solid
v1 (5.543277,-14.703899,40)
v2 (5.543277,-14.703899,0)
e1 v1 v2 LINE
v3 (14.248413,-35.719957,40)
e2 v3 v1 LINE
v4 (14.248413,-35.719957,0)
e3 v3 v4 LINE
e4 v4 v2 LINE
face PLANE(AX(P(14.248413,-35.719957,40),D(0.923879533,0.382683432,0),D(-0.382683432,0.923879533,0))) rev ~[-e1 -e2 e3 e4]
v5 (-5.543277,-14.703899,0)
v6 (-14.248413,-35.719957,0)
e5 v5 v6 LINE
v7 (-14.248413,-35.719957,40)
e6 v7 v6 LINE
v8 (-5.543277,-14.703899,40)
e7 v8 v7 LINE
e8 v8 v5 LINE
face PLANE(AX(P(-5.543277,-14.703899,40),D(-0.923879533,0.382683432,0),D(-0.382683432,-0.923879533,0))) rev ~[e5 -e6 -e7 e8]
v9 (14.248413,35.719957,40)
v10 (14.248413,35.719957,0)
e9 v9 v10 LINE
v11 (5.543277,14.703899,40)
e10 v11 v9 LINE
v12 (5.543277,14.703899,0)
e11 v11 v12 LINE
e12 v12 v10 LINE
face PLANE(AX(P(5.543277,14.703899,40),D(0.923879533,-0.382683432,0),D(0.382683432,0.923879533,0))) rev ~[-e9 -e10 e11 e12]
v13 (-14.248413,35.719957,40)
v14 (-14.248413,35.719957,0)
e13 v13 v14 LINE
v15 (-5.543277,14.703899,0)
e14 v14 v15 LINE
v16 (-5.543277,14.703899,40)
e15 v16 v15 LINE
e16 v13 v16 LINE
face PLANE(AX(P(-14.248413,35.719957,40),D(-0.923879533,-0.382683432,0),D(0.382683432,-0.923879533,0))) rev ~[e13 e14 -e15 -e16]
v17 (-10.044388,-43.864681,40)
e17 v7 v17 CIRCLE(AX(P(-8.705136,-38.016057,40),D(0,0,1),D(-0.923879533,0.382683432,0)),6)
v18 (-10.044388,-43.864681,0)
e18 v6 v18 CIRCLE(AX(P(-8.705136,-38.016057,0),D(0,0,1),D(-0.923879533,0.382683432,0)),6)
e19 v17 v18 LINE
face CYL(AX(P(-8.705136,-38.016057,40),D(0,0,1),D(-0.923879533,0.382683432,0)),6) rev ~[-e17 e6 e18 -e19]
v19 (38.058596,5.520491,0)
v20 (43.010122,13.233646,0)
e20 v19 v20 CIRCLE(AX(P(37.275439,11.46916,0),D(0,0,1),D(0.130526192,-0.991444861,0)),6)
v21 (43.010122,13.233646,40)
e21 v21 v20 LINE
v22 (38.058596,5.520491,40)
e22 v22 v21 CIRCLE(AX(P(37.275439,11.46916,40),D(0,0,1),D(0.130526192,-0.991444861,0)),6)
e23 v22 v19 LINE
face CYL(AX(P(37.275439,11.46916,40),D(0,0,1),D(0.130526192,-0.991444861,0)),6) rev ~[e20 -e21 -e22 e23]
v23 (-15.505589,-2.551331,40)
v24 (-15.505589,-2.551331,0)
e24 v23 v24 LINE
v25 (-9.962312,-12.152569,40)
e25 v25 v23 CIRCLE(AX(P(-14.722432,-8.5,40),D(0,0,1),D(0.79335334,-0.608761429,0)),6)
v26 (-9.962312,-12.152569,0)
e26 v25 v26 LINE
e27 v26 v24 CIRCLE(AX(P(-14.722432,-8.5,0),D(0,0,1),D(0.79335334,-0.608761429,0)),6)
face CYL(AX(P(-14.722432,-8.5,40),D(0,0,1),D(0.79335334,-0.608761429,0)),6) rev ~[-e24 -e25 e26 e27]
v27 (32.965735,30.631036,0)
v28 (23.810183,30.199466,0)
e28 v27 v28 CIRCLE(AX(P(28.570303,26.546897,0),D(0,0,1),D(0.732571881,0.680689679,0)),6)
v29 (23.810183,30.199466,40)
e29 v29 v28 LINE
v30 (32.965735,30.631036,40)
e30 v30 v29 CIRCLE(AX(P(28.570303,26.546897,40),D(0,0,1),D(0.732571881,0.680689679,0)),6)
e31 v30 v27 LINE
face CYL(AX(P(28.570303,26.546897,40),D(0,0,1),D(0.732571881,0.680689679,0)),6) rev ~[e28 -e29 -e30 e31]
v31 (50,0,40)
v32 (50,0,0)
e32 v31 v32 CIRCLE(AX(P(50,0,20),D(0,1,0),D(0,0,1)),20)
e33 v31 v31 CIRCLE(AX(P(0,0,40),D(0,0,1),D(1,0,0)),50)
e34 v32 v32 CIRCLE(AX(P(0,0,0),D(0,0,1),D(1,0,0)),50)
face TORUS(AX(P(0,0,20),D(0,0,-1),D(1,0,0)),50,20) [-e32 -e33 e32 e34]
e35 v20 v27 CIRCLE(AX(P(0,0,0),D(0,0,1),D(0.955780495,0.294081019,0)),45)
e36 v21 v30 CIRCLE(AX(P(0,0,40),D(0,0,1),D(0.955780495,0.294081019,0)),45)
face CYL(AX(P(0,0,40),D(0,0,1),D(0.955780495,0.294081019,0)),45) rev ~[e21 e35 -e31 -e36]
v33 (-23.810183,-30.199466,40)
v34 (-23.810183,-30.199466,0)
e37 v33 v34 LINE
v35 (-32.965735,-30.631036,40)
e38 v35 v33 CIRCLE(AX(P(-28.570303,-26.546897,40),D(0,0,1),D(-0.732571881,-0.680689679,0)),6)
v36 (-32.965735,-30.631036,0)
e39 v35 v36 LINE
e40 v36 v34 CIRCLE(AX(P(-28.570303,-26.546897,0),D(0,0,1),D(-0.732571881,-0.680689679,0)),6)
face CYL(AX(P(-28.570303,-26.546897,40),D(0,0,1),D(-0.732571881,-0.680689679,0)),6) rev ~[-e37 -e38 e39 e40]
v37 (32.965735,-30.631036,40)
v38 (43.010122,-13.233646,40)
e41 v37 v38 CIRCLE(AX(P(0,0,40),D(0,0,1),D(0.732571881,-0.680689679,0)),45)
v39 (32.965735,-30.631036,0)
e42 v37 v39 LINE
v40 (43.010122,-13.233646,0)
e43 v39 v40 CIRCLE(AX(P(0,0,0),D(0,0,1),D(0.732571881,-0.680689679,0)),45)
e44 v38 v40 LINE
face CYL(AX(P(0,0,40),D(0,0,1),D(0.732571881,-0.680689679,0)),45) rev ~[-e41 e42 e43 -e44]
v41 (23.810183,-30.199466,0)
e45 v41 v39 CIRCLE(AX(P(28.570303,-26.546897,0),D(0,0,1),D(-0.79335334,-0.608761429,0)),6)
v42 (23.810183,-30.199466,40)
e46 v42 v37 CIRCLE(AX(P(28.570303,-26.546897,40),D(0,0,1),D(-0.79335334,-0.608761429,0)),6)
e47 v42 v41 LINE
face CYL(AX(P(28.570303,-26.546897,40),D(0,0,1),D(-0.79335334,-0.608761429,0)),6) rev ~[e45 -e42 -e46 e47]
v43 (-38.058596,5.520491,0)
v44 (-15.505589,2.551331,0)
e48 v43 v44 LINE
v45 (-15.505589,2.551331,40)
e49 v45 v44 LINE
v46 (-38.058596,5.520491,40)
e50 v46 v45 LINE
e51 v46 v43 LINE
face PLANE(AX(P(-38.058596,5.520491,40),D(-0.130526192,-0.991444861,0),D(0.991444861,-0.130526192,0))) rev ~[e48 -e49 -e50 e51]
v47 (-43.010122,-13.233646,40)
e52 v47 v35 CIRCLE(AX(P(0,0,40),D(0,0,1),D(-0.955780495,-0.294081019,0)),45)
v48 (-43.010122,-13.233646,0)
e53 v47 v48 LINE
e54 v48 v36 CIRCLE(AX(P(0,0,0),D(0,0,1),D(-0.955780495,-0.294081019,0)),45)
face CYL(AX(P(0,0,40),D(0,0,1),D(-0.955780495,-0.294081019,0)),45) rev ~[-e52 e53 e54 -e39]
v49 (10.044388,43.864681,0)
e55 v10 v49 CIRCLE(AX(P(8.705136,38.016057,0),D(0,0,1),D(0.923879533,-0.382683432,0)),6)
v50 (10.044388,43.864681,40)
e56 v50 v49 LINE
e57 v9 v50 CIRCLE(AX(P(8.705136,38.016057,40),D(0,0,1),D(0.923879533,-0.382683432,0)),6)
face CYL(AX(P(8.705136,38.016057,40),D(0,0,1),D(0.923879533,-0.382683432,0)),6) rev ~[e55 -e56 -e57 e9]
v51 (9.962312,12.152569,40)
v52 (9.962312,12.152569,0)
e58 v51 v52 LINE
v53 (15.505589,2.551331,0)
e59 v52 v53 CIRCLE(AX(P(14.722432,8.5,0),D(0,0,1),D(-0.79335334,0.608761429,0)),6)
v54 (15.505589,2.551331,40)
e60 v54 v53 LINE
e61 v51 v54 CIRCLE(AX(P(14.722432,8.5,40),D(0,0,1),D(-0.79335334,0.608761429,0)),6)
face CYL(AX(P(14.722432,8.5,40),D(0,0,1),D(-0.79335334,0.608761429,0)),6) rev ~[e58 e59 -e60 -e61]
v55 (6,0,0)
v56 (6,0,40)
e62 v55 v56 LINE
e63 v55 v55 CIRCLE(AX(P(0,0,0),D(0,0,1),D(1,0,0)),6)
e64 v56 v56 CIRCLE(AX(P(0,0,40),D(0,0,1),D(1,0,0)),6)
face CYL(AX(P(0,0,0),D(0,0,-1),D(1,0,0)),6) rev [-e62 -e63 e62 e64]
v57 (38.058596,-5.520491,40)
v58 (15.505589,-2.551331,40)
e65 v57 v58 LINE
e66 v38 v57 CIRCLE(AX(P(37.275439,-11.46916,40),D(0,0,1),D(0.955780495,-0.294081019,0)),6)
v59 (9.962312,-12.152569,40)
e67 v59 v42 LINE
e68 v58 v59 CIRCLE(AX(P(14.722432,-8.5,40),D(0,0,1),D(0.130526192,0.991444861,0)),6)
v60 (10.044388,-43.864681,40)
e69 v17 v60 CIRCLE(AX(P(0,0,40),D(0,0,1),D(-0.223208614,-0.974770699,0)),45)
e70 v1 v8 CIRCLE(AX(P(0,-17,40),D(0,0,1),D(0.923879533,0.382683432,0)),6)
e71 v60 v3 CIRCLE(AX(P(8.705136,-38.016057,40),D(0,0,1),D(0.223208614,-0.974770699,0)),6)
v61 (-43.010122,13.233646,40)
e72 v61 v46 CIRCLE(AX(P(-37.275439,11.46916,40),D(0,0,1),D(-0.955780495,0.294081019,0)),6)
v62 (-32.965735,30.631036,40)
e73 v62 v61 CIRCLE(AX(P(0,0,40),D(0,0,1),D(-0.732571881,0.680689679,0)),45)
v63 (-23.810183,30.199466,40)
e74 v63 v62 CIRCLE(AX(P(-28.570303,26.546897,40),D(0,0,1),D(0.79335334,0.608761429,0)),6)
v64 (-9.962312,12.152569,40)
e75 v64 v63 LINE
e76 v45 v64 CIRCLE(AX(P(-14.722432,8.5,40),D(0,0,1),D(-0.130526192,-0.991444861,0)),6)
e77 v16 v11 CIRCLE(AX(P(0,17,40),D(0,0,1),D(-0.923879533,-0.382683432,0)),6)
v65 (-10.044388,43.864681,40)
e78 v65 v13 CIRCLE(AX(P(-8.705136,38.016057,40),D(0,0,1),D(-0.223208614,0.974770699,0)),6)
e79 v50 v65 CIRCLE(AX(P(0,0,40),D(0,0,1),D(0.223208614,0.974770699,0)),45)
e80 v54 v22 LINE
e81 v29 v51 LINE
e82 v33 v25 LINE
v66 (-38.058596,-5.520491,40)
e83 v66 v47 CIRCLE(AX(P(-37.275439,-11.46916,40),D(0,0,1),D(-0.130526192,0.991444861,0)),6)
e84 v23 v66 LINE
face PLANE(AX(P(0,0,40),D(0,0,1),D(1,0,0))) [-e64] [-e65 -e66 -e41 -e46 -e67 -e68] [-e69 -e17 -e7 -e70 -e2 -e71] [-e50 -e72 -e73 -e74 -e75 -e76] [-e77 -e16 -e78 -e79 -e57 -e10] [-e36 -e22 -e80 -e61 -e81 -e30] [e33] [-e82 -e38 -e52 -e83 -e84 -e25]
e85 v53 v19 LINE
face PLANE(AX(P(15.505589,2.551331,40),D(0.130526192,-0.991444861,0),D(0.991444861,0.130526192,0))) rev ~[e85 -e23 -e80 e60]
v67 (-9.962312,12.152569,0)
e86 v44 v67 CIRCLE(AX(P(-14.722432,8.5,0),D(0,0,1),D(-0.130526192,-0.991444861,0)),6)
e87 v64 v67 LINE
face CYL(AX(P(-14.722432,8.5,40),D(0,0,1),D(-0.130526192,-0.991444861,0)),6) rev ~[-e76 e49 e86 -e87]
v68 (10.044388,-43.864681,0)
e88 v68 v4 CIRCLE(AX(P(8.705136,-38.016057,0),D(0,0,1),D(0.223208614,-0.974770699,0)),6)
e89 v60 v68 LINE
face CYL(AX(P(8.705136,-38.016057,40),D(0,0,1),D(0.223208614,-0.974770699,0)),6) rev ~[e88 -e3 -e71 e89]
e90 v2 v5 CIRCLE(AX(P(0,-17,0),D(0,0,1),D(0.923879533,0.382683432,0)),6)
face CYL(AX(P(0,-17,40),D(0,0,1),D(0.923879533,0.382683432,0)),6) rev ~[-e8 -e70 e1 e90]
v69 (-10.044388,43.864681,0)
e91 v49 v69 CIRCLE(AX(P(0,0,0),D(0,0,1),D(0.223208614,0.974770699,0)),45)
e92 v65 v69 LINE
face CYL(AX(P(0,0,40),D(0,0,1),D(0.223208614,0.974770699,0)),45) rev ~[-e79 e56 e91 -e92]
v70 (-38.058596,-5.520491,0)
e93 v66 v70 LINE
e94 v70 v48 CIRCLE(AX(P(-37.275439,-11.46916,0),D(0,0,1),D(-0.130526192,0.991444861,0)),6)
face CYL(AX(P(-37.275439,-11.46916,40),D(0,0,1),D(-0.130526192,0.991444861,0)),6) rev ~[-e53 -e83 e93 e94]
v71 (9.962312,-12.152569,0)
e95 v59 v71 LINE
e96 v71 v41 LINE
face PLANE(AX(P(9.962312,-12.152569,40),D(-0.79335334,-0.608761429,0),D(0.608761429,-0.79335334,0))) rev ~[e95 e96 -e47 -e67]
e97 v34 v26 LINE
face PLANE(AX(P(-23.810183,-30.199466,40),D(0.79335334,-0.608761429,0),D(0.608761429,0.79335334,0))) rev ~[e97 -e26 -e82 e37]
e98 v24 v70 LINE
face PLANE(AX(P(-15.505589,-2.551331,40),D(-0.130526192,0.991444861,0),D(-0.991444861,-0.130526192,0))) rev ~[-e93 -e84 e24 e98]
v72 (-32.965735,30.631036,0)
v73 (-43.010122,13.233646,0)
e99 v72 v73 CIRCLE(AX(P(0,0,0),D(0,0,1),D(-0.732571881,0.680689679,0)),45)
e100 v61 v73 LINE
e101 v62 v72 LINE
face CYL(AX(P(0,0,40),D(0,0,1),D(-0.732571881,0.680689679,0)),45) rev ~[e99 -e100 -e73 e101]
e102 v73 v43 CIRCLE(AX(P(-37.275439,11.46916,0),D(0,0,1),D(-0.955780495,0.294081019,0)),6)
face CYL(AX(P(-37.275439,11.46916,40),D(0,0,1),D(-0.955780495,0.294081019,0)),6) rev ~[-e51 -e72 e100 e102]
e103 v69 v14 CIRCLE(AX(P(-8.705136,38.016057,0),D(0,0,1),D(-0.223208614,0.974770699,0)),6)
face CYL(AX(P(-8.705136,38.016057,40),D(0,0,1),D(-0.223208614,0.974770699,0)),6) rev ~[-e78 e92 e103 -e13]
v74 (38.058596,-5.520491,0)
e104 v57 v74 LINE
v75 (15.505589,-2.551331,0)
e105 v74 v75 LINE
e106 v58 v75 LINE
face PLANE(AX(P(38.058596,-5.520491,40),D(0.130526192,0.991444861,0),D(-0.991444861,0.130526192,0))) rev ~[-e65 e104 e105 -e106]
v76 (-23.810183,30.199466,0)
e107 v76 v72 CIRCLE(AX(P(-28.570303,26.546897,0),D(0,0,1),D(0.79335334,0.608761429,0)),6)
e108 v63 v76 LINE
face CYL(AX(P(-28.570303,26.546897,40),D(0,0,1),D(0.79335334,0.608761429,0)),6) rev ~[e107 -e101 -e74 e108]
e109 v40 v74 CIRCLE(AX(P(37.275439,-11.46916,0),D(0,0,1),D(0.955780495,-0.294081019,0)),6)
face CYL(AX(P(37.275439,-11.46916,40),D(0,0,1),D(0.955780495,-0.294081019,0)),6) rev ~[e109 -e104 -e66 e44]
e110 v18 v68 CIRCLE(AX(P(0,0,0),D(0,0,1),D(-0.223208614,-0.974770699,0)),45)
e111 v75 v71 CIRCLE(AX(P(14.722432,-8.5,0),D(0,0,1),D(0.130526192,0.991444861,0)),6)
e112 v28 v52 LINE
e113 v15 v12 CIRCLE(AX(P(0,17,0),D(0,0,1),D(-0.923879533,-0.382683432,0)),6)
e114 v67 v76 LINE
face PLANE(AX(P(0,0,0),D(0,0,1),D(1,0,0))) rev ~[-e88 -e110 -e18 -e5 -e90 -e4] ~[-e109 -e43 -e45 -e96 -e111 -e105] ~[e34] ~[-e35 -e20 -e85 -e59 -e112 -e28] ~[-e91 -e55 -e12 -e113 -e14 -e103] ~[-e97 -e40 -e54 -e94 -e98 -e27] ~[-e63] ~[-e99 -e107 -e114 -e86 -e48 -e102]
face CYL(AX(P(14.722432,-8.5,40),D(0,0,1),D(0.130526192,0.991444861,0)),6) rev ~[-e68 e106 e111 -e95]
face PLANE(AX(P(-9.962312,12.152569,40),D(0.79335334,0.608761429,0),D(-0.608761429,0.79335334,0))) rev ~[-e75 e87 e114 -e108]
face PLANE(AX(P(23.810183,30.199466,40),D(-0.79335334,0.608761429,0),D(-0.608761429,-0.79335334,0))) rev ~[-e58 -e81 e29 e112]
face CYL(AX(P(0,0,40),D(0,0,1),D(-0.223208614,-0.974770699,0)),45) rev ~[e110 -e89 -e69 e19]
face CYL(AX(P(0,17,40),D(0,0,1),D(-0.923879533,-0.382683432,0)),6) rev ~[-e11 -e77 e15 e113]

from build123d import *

# Parameters (mm, degrees)
SKETCH2_R           = 50
SKETCH2_R_2         = 6
BOSS_EXTRUDE1_DEPTH = 40
CUT_EXTRUDE1_DEPTH  = 82.240384046
CIRPATTERN1_COUNT   = 6


with BuildPart() as part:
    # Sketch2 → Boss-Extrude1 (new body)
    with BuildSketch(Plane.XY):
        Circle(SKETCH2_R)
        Circle(SKETCH2_R_2, mode=Mode.SUBTRACT)
    extrude(amount=BOSS_EXTRUDE1_DEPTH)

    # Sketch1 → Cut-Extrude1 (cut, through all)
    with BuildSketch(Plane.XY.offset(40)):
        with BuildLine():
            Line((-5.543277195, -14.703899406), (-14.248413133, -35.719956649))
            ThreePointArc((-14.248413133, -35.719956649), (-14.036780749, -40.768068072), (-10.04438762, -43.864681434))
            ThreePointArc((-10.04438762, -43.864681434), (0, -45), (10.04438762, -43.864681434))
            ThreePointArc((10.04438762, -43.864681434), (14.036780749, -40.768068072), (14.248413133, -35.719956649))
            Line((14.248413133, -35.719956649), (5.543277195, -14.703899406))
            ThreePointArc((5.543277195, -14.703899406), (0, -11), (-5.543277195, -14.703899406))
        make_face()
    cut_extrude1 = extrude(amount=-CUT_EXTRUDE1_DEPTH, mode=Mode.SUBTRACT)

    # CirPattern1: Cut-Extrude1 ×6 about axis
    cirpattern1_axis = Axis((0, 0, 0), (0, 0, 1))
    for i in range(1, CIRPATTERN1_COUNT):
        add(cut_extrude1.rotate(cirpattern1_axis, i * 360 / CIRPATTERN1_COUNT), mode=Mode.SUBTRACT)

    # Sketch3 → Revolve1 (revolve)
    with BuildSketch(Plane(origin=(0, 0, 0), x_dir=(1, 0, 0), z_dir=(0, 1, 0))):
        with BuildLine():
            Line((50, 0), (50, -40))
            ThreePointArc((50, -40), (70, -20), (50, 0))
        make_face()
    revolve(axis=Axis((0, 0, 40), (0, 0, -1)))


solid = part.part
